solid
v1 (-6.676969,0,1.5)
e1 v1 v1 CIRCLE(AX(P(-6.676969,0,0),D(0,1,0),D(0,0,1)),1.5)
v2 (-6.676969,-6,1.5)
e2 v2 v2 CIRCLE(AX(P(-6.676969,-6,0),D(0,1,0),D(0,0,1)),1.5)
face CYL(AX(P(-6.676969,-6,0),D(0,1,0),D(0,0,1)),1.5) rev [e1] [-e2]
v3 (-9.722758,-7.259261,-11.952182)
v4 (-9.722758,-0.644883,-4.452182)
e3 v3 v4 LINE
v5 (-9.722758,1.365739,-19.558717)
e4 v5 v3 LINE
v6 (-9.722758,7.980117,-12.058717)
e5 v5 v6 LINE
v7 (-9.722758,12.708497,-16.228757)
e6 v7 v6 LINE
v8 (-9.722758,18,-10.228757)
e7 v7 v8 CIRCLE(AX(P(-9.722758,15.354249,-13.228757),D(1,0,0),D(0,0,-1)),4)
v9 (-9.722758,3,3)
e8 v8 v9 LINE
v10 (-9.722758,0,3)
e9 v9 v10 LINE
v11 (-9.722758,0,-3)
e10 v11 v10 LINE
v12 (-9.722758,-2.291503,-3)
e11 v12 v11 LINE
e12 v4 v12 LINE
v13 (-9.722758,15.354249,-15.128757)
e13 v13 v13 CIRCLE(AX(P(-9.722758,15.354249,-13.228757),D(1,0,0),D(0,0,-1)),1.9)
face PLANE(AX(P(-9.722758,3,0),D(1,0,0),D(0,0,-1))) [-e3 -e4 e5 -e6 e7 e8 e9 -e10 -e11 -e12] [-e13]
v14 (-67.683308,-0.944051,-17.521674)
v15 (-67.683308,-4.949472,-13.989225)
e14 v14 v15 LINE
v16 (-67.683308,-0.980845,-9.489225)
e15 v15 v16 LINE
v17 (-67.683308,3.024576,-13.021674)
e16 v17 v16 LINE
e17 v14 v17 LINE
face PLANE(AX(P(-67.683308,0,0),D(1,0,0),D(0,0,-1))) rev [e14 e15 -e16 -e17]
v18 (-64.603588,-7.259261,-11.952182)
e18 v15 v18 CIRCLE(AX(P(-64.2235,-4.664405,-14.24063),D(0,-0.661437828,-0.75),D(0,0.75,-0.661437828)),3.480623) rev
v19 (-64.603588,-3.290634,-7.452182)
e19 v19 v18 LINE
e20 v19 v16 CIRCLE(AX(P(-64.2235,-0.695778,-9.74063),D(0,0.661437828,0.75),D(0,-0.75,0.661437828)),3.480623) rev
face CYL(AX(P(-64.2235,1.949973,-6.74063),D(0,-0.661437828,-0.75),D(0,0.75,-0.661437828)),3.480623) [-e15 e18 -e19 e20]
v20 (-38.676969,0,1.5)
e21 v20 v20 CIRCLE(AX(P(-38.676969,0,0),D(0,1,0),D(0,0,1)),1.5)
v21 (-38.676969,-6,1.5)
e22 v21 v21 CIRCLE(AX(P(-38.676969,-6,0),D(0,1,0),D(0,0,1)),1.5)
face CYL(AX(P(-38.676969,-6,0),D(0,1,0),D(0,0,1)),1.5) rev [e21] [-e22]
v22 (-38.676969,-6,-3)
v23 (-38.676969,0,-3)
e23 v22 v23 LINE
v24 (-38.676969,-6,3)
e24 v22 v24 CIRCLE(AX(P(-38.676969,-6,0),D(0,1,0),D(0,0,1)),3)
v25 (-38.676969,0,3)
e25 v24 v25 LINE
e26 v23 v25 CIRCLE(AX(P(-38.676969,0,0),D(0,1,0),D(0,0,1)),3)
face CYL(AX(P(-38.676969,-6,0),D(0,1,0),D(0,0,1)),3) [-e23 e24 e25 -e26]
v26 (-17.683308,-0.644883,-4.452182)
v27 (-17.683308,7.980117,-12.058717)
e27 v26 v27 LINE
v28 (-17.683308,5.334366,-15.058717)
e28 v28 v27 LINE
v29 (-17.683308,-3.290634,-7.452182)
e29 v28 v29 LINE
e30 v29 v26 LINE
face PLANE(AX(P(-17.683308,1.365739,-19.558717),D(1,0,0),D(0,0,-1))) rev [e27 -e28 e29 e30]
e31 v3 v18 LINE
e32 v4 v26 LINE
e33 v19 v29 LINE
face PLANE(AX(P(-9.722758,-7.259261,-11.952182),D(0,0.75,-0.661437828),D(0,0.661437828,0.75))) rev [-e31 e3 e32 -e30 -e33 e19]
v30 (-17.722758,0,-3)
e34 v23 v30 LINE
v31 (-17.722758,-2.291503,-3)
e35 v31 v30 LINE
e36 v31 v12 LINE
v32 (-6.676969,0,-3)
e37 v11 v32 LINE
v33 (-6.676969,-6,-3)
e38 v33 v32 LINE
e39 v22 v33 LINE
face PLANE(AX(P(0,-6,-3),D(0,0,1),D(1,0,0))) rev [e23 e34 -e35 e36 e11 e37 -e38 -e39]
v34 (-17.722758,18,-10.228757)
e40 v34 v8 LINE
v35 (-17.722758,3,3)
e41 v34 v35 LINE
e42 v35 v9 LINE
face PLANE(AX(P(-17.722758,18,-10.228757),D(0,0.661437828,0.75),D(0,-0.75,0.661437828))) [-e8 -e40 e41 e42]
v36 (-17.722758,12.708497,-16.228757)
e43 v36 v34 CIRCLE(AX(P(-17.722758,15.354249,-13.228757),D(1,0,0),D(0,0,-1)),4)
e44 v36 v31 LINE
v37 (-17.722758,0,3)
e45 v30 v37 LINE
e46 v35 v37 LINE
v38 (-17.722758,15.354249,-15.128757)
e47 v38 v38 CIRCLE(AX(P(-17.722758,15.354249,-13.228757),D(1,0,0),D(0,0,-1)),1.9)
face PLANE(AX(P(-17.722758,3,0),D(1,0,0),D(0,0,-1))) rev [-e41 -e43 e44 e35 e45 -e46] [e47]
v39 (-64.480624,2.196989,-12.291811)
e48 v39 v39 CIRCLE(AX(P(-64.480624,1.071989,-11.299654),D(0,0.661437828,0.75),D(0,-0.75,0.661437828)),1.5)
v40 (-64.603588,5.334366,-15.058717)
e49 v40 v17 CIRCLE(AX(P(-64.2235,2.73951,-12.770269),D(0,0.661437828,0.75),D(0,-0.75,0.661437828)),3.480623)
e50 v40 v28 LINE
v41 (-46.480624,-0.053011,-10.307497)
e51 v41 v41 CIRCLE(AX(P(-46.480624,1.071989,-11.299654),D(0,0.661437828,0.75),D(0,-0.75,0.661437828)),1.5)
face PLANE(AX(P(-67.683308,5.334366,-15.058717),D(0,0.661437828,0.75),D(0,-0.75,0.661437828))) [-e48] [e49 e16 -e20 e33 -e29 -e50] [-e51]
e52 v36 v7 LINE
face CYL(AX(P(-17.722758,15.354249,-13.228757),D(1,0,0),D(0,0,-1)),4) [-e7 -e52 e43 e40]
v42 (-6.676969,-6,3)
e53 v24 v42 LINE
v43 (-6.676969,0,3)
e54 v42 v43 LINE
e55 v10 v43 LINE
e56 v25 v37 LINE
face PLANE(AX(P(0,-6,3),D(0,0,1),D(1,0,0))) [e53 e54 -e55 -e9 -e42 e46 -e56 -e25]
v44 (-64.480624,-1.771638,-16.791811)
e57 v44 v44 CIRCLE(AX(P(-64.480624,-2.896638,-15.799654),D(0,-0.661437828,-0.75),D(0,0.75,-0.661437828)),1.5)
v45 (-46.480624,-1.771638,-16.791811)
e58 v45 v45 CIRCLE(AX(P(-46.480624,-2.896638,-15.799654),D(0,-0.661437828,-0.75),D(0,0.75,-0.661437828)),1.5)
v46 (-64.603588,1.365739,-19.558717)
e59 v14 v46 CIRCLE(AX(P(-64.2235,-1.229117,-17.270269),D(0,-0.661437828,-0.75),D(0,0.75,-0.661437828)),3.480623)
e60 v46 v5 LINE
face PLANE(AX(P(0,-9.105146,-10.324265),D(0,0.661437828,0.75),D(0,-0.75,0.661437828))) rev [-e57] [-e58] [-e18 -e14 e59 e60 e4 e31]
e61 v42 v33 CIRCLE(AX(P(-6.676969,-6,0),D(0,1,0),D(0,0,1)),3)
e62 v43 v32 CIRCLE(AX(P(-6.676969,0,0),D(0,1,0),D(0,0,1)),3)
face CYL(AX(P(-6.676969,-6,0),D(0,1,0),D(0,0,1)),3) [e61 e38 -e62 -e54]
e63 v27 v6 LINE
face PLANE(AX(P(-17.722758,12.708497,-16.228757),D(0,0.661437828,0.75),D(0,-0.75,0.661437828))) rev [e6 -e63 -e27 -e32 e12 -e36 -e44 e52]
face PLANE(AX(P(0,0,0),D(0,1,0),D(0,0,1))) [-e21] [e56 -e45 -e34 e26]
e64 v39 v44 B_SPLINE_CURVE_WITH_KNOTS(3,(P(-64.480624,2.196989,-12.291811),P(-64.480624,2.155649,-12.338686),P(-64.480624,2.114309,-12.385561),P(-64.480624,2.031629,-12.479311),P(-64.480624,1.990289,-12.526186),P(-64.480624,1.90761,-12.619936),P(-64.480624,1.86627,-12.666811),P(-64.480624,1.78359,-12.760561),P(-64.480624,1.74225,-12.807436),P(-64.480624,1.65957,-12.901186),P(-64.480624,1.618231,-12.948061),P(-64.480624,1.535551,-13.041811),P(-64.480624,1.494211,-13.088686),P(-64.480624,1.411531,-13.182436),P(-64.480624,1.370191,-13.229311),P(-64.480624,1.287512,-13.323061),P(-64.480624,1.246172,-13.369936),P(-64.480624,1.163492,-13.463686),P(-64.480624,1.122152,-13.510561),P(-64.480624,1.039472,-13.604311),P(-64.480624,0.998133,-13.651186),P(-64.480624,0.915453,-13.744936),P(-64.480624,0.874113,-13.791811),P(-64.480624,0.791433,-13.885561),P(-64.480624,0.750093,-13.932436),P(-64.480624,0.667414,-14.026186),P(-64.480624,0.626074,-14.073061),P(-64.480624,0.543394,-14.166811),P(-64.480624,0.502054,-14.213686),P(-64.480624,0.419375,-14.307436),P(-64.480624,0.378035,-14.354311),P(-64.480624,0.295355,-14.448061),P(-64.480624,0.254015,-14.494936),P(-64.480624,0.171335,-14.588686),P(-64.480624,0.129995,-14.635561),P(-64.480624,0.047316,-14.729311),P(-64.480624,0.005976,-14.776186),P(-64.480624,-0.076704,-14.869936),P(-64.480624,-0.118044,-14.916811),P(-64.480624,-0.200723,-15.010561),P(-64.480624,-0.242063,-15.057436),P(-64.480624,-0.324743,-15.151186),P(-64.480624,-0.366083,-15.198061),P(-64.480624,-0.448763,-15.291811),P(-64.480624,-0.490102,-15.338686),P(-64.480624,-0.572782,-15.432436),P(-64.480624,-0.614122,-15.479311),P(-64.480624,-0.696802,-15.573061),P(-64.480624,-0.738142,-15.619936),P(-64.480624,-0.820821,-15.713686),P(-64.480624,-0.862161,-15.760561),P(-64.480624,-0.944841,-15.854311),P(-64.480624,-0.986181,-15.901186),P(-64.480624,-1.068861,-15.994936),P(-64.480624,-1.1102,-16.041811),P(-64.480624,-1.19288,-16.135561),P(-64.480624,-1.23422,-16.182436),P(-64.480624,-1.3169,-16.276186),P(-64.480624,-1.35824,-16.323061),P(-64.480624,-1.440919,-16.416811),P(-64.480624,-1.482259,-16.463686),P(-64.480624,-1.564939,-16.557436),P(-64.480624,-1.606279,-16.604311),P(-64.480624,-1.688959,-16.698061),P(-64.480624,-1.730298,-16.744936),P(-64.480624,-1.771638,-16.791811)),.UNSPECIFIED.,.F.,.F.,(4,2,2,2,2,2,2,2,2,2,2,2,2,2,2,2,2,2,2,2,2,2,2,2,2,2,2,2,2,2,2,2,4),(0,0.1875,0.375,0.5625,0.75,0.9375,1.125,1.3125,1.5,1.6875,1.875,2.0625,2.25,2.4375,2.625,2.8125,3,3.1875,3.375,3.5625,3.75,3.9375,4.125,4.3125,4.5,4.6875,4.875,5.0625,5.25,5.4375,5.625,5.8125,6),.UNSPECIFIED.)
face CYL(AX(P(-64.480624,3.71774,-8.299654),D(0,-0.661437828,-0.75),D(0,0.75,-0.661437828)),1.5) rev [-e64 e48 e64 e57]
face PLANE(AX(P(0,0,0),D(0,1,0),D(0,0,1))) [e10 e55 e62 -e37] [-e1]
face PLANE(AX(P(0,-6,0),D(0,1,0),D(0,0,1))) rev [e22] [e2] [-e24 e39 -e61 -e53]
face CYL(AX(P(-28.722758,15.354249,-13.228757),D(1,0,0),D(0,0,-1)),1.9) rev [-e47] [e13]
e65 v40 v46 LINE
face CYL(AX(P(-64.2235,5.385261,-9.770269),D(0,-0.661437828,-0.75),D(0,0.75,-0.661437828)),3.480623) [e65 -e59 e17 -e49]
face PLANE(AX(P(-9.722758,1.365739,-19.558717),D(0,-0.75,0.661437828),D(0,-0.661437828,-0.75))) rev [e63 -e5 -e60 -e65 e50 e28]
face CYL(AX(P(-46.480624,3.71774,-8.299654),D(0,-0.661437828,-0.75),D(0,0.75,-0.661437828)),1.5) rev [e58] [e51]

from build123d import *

# Parameters (mm, degrees)
SKETCH_1_R          = 1.5
EXTRUDE_2_DEPTH     = 6
SKETCH_1_4_W        = 8
SKETCH_1_4_H        = 6
EXTRUDE_3_DEPTH     = 3
EXTRUDE_28_DEPTH    = 8
SKETCH_4_W          = 7.960549586
SKETCH_4_H          = 11.5
EXTRUDE_29_DEPTH    = 10
EXTRUDE_30_DEPTH    = 50
SKETCH_7_R          = 1.5
CUT_EXTRUDE_1_DEPTH = 10
SKETCH_8_R          = 1.9
CUT_EXTRUDE_2_DEPTH = 19


with BuildPart() as part:
    # 草圖1 → 填料-伸長2 (new body)
    with BuildSketch(Plane(origin=(0, 0, 0), x_dir=(1, 0, 0), z_dir=(0, 1, 0))):
        with BuildLine():
            Line((-38.676968887, -3), (-6.676968887, -3))
            ThreePointArc((-6.676968887, -3), (-3.676968887, 0), (-6.676968887, 3))
            Line((-6.676968887, 3), (-38.676968887, 3))
            ThreePointArc((-38.676968887, 3), (-41.676968887, 0), (-38.676968887, -3))
        make_face()
        with Locations((-38.676968887, 0)):
            Circle(SKETCH_1_R, mode=Mode.SUBTRACT)
        with Locations((-6.676968887, 0)):
            Circle(SKETCH_1_R, mode=Mode.SUBTRACT)
    extrude(amount=-EXTRUDE_2_DEPTH)

    # 草圖1<4> → 填料-伸長3 (add)
    with BuildSketch(Plane(origin=(0, 0, 0), x_dir=(1, 0, 0), z_dir=(0, 1, 0))):
        with Locations((-13.722758256, 0)):
            Rectangle(SKETCH_1_4_W, SKETCH_1_4_H)
    extrude(amount=EXTRUDE_3_DEPTH)

    # 草圖3 → 填料-伸長28 (add)
    with BuildSketch(Plane(origin=(-9.722758256, 0, 0), x_dir=(0, 0, -1), z_dir=(1, 0, 0))):
        with BuildLine():
            Line((3, -2.291502622), (16.228756555, 12.708497378))
            ThreePointArc((16.228756555, 12.708497378), (15.874507866, 18.354248689), (10.228756555, 18))
            Line((10.228756555, 18), (-3, 3))
            Line((-3, 3), (3, -2.291502622))
        make_face()
    extrude(amount=-EXTRUDE_28_DEPTH)

    # 草圖4 → 填料-伸長29 (add)
    with BuildSketch(Plane(origin=(0, -2.49076751, -2.824264888), x_dir=(-1, 0, 0), z_dir=(0, -0.6614378277661491, -0.7499999999999987))):
        with Locations((13.703033049, 8.211179299)):
            Rectangle(SKETCH_4_W, SKETCH_4_H)
    extrude(amount=EXTRUDE_29_DEPTH)

    # 草圖6 → 填料-伸長30 (add)
    with BuildSketch(Plane.ZY.offset(17.683307842)):
        Polygon((-19.558716996, 1.365738687), (-11.952181977, -7.259261313), (-7.452181977, -3.290634347), (-15.058716996, 5.334365653), align=None)
    extrude(amount=EXTRUDE_30_DEPTH)

    # 草圖7 → 除料-伸長1 (cut)
    with BuildSketch(Plane(origin=(0, -9.105145787, -10.324264888), x_dir=(-1, 0, 0), z_dir=(0, -0.6614378277661491, -0.7499999999999987))):
        with BuildLine():
            Line((64.603588297, 2.461179299), (67.683307842, 2.461179299))
            Line((67.683307842, 2.461179299), (67.683307842, 5.540898844))
            ThreePointArc((67.683307842, 5.540898844), (66.684672199, 3.459814942), (64.603588297, 2.461179299))
        make_face()
        with Locations((64.480624333, 8.278010001)):
            Circle(SKETCH_7_R)
        with BuildLine():
            ThreePointArc((64.603588297, 13.961179299), (66.684672199, 12.962543656), (67.683307842, 10.881459754))
            Line((67.683307842, 10.881459754), (67.683307842, 13.961179299))
            Line((67.683307842, 13.961179299), (64.603588297, 13.961179299))
        make_face()
        with Locations((46.480624333, 8.278010001)):
            Circle(SKETCH_7_R)
    extrude(amount=-CUT_EXTRUDE_1_DEPTH, mode=Mode.SUBTRACT)

    # 草圖8 → 除料-伸長2 (cut)
    with BuildSketch(Plane(origin=(-9.722758256, 0, 0), x_dir=(0, 0, -1), z_dir=(1, 0, 0))):
        with Locations((13.228756555, 15.354248689)):
            Circle(SKETCH_8_R)
    extrude(amount=-CUT_EXTRUDE_2_DEPTH, mode=Mode.SUBTRACT)


solid = part.part
